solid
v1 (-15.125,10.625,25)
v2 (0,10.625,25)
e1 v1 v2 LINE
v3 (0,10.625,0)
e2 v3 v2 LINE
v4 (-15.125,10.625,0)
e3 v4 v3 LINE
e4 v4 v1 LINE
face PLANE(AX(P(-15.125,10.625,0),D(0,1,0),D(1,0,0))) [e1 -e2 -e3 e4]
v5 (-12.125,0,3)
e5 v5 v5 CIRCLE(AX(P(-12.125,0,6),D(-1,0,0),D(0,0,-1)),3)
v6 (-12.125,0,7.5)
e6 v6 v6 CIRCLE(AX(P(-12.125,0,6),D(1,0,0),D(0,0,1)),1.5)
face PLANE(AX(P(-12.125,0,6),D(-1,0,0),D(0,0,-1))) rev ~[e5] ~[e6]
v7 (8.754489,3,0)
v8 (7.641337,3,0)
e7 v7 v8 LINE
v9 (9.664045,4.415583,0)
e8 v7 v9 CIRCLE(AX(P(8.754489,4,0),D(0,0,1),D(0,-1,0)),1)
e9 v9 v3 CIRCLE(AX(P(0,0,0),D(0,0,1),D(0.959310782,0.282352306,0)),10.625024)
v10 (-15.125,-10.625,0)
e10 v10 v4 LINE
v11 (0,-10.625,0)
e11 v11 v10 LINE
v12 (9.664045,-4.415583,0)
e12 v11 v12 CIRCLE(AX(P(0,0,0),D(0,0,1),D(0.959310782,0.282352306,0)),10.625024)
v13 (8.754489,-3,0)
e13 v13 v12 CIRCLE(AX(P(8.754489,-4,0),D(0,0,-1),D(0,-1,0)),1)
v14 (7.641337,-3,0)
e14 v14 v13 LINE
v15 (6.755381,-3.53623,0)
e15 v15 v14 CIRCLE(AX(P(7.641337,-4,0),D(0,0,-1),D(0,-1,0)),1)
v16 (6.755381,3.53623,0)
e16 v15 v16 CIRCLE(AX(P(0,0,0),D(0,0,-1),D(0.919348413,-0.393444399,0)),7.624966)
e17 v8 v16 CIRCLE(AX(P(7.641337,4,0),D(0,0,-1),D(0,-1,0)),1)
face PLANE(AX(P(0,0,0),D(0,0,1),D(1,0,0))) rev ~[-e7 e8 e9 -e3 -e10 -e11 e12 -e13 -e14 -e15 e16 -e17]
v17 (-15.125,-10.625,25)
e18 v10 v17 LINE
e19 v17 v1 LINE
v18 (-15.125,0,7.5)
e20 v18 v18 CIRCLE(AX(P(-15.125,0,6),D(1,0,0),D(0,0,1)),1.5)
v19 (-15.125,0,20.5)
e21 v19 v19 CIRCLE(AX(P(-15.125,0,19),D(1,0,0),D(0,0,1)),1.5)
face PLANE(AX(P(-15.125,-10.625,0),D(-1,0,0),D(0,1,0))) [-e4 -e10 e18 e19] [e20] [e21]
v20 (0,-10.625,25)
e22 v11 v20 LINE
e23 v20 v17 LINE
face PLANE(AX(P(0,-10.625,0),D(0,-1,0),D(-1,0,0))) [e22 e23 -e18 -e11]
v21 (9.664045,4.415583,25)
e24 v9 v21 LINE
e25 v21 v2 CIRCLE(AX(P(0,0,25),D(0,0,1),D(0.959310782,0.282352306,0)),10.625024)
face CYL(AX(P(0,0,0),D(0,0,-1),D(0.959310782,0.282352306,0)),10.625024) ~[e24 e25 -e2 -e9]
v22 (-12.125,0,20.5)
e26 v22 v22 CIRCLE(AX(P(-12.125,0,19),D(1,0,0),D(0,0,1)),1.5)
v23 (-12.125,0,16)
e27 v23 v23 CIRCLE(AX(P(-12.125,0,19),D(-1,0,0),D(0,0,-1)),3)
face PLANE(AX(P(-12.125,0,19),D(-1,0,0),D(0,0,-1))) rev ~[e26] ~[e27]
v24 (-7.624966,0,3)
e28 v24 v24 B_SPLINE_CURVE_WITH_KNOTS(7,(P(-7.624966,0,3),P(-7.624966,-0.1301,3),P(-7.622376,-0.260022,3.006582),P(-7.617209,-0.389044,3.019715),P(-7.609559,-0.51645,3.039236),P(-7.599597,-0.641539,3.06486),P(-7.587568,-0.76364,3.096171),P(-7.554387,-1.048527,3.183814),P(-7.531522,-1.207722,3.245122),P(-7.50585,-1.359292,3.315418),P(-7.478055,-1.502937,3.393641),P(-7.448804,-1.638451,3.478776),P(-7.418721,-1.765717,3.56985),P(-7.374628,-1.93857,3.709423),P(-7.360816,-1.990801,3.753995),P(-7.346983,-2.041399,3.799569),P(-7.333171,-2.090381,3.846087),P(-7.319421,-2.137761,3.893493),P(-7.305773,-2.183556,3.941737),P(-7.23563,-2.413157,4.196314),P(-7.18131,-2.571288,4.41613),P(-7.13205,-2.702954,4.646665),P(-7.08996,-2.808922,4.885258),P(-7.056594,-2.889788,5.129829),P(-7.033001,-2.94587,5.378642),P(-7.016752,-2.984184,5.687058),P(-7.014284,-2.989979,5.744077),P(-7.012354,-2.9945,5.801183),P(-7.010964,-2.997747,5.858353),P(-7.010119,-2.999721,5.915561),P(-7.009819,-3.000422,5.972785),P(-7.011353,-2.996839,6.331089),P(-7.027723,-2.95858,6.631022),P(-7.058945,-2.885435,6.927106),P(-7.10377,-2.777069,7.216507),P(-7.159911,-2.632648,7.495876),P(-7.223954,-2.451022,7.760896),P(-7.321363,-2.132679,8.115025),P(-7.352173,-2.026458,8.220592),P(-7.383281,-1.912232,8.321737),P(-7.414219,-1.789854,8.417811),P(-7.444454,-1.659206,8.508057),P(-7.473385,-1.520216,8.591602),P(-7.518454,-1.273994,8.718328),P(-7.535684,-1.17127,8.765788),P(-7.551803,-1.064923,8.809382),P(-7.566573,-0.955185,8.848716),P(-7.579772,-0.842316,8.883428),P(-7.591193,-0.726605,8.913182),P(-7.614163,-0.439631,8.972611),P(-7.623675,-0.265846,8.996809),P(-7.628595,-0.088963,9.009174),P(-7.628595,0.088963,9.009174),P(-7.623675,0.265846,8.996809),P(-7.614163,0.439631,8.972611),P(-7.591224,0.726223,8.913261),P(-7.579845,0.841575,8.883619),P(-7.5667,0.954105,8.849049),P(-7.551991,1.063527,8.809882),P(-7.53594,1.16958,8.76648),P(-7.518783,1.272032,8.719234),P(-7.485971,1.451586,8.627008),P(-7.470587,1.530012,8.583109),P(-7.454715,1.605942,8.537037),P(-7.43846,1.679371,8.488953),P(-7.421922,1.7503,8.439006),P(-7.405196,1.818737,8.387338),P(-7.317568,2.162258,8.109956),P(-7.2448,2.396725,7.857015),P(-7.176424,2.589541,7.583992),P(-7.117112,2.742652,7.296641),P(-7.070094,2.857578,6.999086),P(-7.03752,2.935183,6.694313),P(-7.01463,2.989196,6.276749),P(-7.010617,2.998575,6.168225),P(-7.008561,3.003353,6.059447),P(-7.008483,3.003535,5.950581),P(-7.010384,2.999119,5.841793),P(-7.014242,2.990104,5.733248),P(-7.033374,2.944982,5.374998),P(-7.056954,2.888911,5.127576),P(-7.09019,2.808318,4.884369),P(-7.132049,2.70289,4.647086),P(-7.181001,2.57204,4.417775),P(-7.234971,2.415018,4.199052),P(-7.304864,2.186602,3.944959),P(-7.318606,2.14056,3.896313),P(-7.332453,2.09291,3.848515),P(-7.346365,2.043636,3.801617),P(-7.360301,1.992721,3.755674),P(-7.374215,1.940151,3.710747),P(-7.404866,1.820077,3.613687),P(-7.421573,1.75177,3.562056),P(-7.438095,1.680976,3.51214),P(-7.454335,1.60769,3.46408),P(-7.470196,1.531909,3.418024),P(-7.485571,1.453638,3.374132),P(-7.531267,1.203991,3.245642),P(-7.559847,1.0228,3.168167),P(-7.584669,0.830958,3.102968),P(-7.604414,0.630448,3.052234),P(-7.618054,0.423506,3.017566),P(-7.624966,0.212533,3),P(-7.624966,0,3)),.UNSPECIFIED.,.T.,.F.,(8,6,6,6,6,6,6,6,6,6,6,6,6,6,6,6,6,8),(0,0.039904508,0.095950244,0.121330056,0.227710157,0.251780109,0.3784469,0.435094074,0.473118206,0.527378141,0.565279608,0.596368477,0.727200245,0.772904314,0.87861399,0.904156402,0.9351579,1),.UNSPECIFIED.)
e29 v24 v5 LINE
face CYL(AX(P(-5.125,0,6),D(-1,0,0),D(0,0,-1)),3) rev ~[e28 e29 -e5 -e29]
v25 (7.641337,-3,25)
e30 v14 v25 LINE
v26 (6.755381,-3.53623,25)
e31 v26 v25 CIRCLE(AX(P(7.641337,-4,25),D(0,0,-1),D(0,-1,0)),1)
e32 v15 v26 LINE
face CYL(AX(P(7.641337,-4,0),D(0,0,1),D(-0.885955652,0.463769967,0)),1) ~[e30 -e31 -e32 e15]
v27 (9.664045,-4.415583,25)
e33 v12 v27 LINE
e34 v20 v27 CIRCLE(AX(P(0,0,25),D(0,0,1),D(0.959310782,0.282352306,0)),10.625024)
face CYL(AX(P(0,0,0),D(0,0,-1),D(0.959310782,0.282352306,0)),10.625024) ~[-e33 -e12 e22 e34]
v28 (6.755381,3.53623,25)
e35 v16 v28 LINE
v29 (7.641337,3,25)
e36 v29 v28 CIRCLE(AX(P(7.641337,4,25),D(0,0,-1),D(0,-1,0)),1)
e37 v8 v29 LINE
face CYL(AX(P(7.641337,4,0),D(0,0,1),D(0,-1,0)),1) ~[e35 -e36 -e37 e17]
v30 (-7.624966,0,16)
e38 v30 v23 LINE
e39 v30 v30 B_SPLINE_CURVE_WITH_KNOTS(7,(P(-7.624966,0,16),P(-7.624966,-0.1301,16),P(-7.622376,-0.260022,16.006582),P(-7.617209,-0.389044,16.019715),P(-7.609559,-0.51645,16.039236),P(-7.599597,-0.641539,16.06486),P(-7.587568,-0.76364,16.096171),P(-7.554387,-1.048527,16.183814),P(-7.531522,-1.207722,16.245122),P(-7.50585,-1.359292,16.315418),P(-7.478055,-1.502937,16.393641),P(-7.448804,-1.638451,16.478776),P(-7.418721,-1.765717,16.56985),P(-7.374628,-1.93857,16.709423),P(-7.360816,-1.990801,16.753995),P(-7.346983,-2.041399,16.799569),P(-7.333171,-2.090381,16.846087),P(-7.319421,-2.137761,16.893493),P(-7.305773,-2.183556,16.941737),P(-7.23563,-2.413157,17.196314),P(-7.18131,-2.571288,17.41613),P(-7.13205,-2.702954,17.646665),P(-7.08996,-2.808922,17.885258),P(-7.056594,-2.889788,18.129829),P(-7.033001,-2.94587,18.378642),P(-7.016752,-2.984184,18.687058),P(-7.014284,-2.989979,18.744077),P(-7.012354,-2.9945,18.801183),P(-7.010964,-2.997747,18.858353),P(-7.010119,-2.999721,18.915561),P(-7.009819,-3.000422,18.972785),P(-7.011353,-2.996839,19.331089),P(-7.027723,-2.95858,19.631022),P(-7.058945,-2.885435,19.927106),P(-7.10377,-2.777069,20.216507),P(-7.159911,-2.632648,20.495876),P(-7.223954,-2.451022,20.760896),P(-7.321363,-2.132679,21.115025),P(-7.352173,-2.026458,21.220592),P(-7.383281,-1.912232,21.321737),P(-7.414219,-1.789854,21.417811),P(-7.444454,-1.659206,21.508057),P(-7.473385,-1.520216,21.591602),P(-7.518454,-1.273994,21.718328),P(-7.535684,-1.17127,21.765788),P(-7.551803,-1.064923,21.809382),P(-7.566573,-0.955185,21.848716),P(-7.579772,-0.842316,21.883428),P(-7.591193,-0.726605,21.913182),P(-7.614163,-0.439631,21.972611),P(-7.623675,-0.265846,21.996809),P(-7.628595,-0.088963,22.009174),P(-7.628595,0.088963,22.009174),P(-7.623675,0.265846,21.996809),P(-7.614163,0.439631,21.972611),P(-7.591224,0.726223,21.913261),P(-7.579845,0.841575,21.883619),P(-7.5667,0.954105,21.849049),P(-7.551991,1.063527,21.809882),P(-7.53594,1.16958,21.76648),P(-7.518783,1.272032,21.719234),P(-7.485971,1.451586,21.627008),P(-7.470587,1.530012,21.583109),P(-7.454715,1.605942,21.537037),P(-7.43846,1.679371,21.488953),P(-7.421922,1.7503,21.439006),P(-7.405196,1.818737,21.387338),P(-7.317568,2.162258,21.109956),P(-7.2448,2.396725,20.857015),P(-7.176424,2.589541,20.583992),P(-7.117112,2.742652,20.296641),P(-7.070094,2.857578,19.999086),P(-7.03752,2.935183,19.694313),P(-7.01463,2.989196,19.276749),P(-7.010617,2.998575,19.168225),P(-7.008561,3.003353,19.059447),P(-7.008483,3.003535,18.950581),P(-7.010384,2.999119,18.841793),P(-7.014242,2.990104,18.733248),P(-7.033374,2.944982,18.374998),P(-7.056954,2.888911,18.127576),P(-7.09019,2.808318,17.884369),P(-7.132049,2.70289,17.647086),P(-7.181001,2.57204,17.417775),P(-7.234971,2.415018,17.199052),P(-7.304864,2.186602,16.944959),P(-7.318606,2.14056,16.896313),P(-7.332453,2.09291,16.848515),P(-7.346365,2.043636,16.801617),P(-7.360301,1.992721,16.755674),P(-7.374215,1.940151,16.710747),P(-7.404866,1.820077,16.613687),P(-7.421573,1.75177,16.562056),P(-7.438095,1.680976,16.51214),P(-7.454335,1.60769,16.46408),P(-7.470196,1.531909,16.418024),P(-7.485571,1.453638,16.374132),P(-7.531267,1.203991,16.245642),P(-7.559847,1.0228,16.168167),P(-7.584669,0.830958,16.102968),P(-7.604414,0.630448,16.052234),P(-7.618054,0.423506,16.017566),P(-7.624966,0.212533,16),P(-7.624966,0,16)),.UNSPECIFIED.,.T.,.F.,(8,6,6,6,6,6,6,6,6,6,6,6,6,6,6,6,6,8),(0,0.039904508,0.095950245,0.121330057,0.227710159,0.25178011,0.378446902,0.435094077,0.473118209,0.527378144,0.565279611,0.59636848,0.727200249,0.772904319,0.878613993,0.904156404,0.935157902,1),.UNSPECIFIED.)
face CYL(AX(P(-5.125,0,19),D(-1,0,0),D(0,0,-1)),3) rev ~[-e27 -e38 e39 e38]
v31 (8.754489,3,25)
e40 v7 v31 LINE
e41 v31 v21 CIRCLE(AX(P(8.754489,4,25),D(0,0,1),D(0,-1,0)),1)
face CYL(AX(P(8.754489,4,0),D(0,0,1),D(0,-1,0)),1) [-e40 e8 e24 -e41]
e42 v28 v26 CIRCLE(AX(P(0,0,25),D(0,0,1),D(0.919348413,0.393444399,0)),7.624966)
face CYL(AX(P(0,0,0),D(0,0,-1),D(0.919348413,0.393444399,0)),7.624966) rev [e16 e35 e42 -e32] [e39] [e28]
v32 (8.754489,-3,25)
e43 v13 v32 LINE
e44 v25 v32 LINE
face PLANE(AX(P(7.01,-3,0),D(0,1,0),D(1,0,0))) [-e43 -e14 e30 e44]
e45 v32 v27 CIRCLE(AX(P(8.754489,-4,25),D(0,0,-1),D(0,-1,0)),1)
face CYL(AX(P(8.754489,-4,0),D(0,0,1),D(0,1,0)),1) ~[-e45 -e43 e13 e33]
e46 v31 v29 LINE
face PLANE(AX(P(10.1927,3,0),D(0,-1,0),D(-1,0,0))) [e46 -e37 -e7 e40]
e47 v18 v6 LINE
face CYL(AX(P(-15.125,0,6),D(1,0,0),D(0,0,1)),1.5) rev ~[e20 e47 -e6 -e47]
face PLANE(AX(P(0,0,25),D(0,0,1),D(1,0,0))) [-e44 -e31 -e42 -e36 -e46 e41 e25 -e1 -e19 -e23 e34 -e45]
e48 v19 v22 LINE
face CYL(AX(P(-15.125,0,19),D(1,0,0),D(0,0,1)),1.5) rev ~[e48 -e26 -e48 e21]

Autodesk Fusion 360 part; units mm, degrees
sketch "Sketch1" plane through (0, 0, 0) normal (0, 0, 1) x (1, 0, 0)
  line L0 (17.5, 3) -> (-7.01, 3)
  line L1 (17.5, -3) -> (17.5, 3)
  arc A0 (7.01, 3) -> (7.01, -3) centre (0, 0) ccw
  arc A1 (10.1927, 3) -> (10.1927, -3) centre (0, 0) ccw
  line L2 (-7.01, -3) -> (17.5, -3)
  dimension "d1" = 15.25
extrude "Extrude1" add sketch "Sketch1" along normal blind 25 contours L0 A0 A1 L2 makes body 1
sketch "Sketch3" plane through (0, 0, 0) normal (0, 0, 1) x (1, 0, 0)
  arc A0 (7.01, 3) -> (7.01, -3) centre (0, 0) ccw construction
  line L0 (0, -10.625) -> (-15.125, -10.625)
  line L1 (-15.125, -10.625) -> (-15.125, 10.625)
  line L2 (-15.125, 10.625) -> (0, 10.625)
  arc A1 (10.1927, 3) -> (10.1927, -3) centre (0, 0) ccw
  line L3 (0, 10.625) -> (0, 7.625)
  line L4 (0, -7.625) -> (0, -10.625)
extrude "Extrude2" add sketch "Sketch3" along normal blind 25 bodies 1
ref_plane "WorkPlane1" through (-12.125, 0, 12.5) normal (-1, 0, 0) x (0, -1, 0)
sketch "Sketch4" plane through (-15.125, 0, 0) normal (-1, 0, 0) x (0, -1, 0)
  line L0 (-10.625, 0) -> (10.625, 0)
  line L1 (10.625, 0) -> (10.625, 25)
  line L2 (10.625, 25) -> (-10.625, 25)
  line L3 (-10.625, 25) -> (-10.625, 0)
  line L4 (0, 25) -> (0, 19) construction
  line L5 (0, 0) -> (0, 6) construction
  dimension "d11" = 6
  dimension "d12" = 6
hole "Hole1" at (-15.125, 0, 19) direction (1, 0, 0) diameter 3 end through all bodies 1
hole "Hole2" at (-15.125, 0, 6) direction (1, 0, 0) diameter 3 depth 24.216 tip angle 180 bodies 1
ref_plane "WorkPlane2" through (-5.125, 0, 12.5) normal (-1, 0, 0) x (0, -1, 0)
sketch "Sketch5" plane through (-5.125, 0, 12.5) normal (-1, 0, 0) x (0, 1, 0)
  line L0 (7.625, -12.5) -> (-7.625, -12.5) construction
  line L1 (0, -12.5) -> (0, -6.5) construction
  line L2 (-10.625, 12.5) -> (10.625, 12.5) construction
  line L3 (0, 12.5) -> (0, 6.5) construction
  point P0 (0, -12.5)
  point P1 (0, 12.5)
  dimension "d20" = 6
  dimension "d21" = 6
hole "Hole3" at (-5.125, 0, 19) direction (-1, 0, 0) diameter 6 end up to surface (7 mm away) bodies 1
hole "Hole4" at (-5.125, 0, 6) direction (-1, 0, 0) diameter 6 end up to surface (7 mm away) bodies 1
fillet "Fillet1" radius 1 4 edges at (10.1927, -3, 12.5) (7.01, -3, 12.5) (10.1927, 3, 12.5) (7.01, 3, 12.5) on bodies 1
copy_body "Body->Comp1" bodies 1 removing the originals makes body 2 in component "Mountable Linear Bearing Holder"
component "Mountable Linear Bearing Holder" placed x (1, 0, 0) y (0, 1, 0) z (0, 0, 1) at (0, 0, 0)
